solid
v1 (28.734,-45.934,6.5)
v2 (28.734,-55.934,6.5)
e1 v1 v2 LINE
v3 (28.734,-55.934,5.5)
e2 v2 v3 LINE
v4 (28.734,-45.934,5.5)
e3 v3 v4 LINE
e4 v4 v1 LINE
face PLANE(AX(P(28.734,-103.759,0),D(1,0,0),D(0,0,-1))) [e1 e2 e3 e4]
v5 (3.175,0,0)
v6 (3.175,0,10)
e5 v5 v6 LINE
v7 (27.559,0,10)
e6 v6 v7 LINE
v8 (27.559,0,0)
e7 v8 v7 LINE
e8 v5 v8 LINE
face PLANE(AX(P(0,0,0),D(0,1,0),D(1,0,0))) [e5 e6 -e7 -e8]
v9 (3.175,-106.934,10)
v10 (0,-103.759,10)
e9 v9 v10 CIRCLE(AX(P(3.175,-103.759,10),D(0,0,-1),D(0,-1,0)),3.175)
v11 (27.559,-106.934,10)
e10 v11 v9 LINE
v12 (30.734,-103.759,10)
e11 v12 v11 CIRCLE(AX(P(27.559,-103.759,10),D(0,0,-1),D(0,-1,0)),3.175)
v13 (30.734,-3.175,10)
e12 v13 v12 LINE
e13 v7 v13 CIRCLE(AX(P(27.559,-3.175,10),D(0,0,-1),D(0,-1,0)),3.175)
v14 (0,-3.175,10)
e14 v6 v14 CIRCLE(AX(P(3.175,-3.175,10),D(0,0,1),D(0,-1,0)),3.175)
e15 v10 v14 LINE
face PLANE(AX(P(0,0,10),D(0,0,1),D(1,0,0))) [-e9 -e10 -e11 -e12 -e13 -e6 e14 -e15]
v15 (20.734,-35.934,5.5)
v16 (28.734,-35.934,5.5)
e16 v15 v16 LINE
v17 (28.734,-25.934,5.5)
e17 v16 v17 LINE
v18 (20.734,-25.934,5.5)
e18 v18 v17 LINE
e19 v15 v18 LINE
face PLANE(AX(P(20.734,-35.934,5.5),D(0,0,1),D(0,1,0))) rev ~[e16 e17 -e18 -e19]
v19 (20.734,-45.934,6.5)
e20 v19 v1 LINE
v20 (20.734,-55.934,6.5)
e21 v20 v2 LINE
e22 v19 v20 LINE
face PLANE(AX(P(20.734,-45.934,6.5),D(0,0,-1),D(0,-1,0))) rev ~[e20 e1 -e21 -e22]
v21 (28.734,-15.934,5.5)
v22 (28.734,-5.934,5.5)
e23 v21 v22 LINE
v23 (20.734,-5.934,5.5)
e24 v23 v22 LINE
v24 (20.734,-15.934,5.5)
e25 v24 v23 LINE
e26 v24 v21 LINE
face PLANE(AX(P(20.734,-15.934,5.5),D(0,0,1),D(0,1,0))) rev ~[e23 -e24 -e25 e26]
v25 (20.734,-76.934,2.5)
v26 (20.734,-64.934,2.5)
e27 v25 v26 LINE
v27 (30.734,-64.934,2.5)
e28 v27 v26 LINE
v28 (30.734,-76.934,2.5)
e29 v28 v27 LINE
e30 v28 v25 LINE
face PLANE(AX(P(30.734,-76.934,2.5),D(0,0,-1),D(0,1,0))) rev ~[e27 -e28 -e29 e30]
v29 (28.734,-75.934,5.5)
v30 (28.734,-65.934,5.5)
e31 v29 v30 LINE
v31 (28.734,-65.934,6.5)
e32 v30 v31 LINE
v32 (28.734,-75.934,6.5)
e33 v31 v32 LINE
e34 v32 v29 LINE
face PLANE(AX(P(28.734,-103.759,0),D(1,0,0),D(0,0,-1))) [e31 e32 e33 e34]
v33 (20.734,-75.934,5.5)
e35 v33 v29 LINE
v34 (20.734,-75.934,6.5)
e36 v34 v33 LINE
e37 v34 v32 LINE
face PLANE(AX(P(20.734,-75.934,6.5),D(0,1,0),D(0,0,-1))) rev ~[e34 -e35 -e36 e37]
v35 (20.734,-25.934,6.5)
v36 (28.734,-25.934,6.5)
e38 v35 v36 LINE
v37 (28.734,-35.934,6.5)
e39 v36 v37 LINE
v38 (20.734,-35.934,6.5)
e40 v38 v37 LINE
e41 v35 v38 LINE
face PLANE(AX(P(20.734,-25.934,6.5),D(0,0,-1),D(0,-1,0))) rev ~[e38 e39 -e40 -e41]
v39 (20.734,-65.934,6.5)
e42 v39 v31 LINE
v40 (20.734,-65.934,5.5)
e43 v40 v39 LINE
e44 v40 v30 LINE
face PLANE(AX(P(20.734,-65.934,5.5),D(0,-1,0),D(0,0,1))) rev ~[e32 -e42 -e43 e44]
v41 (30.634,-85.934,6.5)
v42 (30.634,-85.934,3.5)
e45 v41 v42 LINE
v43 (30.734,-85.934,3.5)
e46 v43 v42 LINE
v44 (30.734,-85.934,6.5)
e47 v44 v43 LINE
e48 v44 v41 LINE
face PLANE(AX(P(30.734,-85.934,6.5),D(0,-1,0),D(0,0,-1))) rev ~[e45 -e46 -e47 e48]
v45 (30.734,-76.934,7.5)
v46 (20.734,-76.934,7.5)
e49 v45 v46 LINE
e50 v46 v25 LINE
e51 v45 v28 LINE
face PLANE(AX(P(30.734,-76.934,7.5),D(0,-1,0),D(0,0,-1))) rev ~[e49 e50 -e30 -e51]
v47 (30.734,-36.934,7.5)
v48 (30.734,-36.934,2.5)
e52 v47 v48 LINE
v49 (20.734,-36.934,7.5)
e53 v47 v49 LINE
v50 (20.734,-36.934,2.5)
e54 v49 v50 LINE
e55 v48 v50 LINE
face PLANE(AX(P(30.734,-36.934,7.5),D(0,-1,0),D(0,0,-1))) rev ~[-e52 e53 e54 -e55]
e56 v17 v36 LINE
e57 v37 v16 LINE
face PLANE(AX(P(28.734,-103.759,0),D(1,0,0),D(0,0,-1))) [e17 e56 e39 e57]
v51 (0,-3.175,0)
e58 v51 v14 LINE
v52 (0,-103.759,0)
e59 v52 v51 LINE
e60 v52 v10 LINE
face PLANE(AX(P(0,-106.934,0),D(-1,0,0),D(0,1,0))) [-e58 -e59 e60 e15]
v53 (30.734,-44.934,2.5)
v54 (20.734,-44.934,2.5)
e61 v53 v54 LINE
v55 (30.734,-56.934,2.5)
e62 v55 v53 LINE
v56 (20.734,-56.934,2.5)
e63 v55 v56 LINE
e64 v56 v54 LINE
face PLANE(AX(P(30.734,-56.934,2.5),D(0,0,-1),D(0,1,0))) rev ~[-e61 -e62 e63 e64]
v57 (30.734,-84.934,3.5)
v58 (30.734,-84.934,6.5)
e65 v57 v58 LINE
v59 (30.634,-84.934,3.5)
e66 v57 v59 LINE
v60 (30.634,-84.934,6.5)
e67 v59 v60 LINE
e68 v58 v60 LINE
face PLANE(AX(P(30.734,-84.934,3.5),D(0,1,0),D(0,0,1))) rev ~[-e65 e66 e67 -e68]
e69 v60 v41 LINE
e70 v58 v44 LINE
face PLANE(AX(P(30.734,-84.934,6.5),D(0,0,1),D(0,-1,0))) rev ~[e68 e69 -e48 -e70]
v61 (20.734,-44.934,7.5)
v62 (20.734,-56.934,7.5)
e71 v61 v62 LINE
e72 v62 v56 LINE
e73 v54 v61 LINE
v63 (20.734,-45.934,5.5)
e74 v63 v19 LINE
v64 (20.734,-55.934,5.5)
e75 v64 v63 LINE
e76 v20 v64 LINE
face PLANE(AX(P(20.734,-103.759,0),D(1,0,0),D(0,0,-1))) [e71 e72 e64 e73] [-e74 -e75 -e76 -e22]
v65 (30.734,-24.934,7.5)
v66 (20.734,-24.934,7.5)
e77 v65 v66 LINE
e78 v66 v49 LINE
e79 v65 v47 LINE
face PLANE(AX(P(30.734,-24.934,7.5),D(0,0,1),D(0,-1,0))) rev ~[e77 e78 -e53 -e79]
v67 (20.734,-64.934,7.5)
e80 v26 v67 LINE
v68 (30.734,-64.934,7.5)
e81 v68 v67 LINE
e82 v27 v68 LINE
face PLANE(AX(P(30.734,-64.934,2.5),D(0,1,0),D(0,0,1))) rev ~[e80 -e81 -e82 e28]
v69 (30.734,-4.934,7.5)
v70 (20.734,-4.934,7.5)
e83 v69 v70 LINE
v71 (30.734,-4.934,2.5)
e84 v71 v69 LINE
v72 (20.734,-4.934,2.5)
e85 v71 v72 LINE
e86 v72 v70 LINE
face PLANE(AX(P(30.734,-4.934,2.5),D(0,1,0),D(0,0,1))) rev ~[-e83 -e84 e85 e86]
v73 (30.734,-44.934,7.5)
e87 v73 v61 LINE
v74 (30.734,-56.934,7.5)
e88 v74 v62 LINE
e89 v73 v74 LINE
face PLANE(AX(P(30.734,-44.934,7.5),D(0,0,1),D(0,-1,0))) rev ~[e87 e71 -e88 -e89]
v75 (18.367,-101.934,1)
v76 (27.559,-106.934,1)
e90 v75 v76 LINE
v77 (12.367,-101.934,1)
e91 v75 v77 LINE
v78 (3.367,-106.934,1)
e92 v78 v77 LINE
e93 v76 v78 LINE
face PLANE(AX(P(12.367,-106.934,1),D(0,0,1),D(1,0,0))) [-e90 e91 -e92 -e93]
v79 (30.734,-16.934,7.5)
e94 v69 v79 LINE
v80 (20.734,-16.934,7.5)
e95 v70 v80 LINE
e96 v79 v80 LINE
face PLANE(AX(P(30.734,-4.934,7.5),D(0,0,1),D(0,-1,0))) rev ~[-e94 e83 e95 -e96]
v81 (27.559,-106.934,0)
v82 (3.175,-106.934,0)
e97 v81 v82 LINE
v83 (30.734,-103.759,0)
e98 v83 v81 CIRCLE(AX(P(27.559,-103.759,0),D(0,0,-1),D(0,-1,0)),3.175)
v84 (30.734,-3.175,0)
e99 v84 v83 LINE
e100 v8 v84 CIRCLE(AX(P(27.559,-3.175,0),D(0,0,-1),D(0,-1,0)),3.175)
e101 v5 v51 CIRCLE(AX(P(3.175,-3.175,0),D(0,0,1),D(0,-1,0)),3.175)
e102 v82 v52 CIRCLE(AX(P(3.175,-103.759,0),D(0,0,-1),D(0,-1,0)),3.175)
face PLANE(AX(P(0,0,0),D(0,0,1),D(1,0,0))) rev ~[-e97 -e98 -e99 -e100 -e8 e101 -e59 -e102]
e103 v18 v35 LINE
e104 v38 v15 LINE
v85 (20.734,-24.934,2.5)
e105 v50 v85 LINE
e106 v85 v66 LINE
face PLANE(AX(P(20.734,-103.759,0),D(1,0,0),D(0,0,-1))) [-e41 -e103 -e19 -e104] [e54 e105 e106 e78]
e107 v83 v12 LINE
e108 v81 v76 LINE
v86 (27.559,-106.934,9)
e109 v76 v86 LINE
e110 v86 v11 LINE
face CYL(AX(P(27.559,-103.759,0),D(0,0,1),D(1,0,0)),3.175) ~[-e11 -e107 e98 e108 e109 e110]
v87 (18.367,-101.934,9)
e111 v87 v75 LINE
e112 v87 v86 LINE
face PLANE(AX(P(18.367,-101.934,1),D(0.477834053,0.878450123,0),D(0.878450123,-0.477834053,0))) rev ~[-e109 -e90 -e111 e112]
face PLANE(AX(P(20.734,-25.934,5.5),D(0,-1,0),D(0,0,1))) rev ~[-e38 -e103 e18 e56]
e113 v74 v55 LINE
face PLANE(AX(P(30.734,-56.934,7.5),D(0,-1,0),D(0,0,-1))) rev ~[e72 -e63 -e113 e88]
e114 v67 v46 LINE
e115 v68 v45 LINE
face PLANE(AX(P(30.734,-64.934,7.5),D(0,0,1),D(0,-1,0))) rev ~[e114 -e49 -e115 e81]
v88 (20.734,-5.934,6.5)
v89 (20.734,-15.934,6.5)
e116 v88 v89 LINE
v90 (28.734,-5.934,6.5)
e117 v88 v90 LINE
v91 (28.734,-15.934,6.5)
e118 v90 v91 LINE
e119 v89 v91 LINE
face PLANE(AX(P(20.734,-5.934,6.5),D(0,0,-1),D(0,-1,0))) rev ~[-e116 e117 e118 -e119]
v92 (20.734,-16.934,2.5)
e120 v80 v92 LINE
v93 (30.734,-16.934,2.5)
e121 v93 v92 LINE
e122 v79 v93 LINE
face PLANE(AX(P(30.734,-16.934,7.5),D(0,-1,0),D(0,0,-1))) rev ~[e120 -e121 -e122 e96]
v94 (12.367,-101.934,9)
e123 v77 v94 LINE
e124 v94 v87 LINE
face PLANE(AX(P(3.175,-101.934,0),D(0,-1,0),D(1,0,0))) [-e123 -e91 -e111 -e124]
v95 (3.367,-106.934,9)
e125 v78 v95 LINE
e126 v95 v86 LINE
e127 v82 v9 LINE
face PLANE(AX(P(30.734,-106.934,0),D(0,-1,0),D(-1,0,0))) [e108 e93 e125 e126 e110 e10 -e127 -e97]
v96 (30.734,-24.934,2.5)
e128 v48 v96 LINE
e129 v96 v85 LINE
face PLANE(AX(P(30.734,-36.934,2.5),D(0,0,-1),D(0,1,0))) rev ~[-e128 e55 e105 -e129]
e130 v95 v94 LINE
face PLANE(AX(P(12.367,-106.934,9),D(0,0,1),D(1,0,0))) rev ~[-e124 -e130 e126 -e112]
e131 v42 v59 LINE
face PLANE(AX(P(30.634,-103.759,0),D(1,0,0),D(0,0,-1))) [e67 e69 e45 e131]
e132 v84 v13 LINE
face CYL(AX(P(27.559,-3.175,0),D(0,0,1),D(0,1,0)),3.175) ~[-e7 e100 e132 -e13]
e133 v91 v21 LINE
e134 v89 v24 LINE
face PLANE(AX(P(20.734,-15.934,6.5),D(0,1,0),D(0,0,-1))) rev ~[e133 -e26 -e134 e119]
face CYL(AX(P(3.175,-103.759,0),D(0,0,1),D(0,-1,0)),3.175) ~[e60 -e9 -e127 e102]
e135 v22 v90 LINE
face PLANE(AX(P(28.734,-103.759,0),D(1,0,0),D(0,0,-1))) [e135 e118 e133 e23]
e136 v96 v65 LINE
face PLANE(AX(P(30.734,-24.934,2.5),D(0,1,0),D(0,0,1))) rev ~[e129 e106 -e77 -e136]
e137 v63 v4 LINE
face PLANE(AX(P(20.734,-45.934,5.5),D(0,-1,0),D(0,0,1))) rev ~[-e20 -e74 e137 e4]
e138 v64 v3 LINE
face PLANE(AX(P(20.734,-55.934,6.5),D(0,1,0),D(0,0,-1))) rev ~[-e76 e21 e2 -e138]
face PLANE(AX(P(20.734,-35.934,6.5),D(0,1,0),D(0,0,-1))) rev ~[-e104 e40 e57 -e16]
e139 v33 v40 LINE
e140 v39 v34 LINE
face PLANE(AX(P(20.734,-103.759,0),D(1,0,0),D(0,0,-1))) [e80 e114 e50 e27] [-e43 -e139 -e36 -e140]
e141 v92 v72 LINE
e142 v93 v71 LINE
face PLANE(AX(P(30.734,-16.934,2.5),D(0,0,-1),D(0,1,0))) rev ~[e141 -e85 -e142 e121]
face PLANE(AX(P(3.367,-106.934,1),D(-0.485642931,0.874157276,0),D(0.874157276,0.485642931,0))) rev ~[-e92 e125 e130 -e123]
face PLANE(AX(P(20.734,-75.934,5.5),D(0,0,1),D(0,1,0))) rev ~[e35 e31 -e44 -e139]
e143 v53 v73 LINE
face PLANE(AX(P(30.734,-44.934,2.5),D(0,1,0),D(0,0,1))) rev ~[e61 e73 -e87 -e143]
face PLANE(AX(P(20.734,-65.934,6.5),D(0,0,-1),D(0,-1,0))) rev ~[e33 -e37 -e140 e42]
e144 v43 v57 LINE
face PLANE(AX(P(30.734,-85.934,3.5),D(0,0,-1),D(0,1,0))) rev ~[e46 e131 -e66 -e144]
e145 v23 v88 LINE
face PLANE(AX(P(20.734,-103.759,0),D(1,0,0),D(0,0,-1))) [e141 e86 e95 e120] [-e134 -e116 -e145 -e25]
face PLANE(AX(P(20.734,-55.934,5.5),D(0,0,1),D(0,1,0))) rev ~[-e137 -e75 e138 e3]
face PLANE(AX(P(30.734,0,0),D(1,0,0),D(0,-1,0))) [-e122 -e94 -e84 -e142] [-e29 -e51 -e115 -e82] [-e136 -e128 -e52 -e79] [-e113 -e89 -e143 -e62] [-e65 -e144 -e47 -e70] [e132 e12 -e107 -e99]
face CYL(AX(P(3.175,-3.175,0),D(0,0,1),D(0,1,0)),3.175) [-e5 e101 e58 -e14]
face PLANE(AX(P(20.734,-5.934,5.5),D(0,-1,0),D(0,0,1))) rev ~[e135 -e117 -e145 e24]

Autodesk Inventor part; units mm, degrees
ref_plane "YZ Plane" through (0, 0, 0) normal (1, 0, 0) x (0, 1, 0)
ref_plane "XZ Plane" through (0, 0, 0) normal (0, 1, 0) x (-1, 0, 0)
ref_plane "XY Plane" through (0, 0, 0) normal (0, 0, 1) x (1, 0, 0)
sketch "Sketch1" plane through (0, 0, 0) normal (0, 0, 1) x (1, 0, 0)
  line L0 (0, 0) -> (30.734, 0)
  line L1 (30.734, 0) -> (30.734, -106.934)
  line L2 (30.734, -106.934) -> (0, -106.934)
  line L3 (0, -106.934) -> (0, 0)
  dimension "d0" = 30.734
  dimension "d1" = 106.934
extrude "Extrusion1" add sketch "Sketch1" along normal blind 10
fillet "Fillet1" radius 3.175 4 edges at (0, 0, 5) (30.734, 0, 5) (30.734, -106.934, 5) (0, -106.934, 5)
sketch "Sketch2" plane through (30.734, -103.759, 0) normal (1, 0, 0) x (0, 0, -1)
  line L0 (-7.5, 26.825) -> (-2.5, 26.825)
  line L1 (-2.5, 26.825) -> (-2.5, 38.825)
  line L2 (-2.5, 38.825) -> (-7.5, 38.825)
  line L3 (-7.5, 38.825) -> (-7.5, 26.825)
  line L4 (-10, -3.175) -> (0, -3.175) projected
  line L5 (-10, -3.175) -> (-10, 0) projected
  line L6 (-7.5, 46.825) -> (-2.5, 46.825)
  line L7 (-2.5, 46.825) -> (-2.5, 58.825)
  line L8 (-2.5, 58.825) -> (-7.5, 58.825)
  line L9 (-7.5, 58.825) -> (-7.5, 46.825)
  line L10 (-7.5, 66.825) -> (-2.5, 66.825)
  line L11 (-2.5, 66.825) -> (-2.5, 78.825)
  line L12 (-2.5, 78.825) -> (-7.5, 78.825)
  line L13 (-7.5, 78.825) -> (-7.5, 66.825)
  line L14 (-7.5, 86.825) -> (-2.5, 86.825)
  line L15 (-2.5, 86.825) -> (-2.5, 98.825)
  line L16 (-2.5, 98.825) -> (-7.5, 98.825)
  line L17 (-7.5, 98.825) -> (-7.5, 86.825)
  point P0 (0, 103.759)
  point P1 (-5, 26.825)
  point P2 (-5, -3.175)
  point P3 (-5, 46.825)
  point P4 (-5, 66.825)
  point P5 (-5, 86.825)
  dimension "d5" = 30
  dimension "d6" = 12
  dimension "d7" = 5
  dimension "d10" = 20
extrude "Extrusion2" cut sketch "Sketch2" against normal blind 10
sketch "Sketch3" plane through (30.734, -103.759, 0) normal (1, 0, 0) x (0, 0, -1)
  line L0 (-6.5, 17.825) -> (-3.5, 17.825)
  line L1 (-3.5, 17.825) -> (-3.5, 18.825)
  line L2 (-3.5, 18.825) -> (-6.5, 18.825)
  line L3 (-6.5, 18.825) -> (-6.5, 17.825)
  line L4 (-10, -3.175) -> (0, -3.175) projected
  point P0 (0, 103.759)
  point P1 (-5, 17.825)
  point P2 (-5, -3.175)
  dimension "d17" = 21
  dimension "d18" = 1
  dimension "d19" = 3
extrude "Extrusion3" cut sketch "Sketch3" against normal blind 0.1
sketch "Sketch4" plane through (20.734, -103.759, 0) normal (1, 0, 0) x (0, 0, -1)
  line L0 (-6.5, 27.825) -> (-5.5, 27.825)
  line L1 (-5.5, 27.825) -> (-5.5, 37.825)
  line L2 (-5.5, 37.825) -> (-6.5, 37.825)
  line L3 (-6.5, 37.825) -> (-6.5, 27.825)
  line L4 (-7.5, 26.825) -> (-7.5, 38.825) projected
  line L5 (-2.5, 26.825) -> (-7.5, 26.825) projected
  line L6 (-7.5, 38.825) -> (-2.5, 38.825) projected
  line L7 (-6.5, 47.825) -> (-5.5, 47.825)
  line L8 (-5.5, 47.825) -> (-5.5, 57.825)
  line L9 (-5.5, 57.825) -> (-6.5, 57.825)
  line L10 (-6.5, 57.825) -> (-6.5, 47.825)
  line L11 (-6.5, 67.825) -> (-5.5, 67.825)
  line L12 (-5.5, 67.825) -> (-5.5, 77.825)
  line L13 (-5.5, 77.825) -> (-6.5, 77.825)
  line L14 (-6.5, 77.825) -> (-6.5, 67.825)
  line L15 (-6.5, 87.825) -> (-5.5, 87.825)
  line L16 (-5.5, 87.825) -> (-5.5, 97.825)
  line L17 (-5.5, 97.825) -> (-6.5, 97.825)
  line L18 (-6.5, 97.825) -> (-6.5, 87.825)
  point P0 (0, 103.759)
  point P1 (-6.5, 32.825)
  point P2 (-7.5, 32.825)
  point P3 (-6.5, 52.825)
  point P4 (-6.5, 72.825)
  point P5 (-6.5, 92.825)
  dimension "d24" = 1
  dimension "d25" = 1
  dimension "d26" = 1
  dimension "d29" = 20
extrude "Extrusion4" add sketch "Sketch4" along normal blind 8
sketch "Sketch5" plane through (3.175, -106.934, 0) normal (0, -1, 0) x (1, 0, 0)
  line L0 (9.192, 9) -> (15.192, 9)
  line L1 (15.192, 9) -> (15.192, 1)
  line L2 (15.192, 1) -> (9.192, 1)
  line L3 (9.192, 1) -> (9.192, 9)
  line L4 (0, 10) -> (24.384, 10) projected
  line L5 (24.384, 0) -> (0, 0) projected
  point P0 (-3.175, 0)
  point P1 (12.192, 9)
  point P2 (12.192, 10)
  dimension "d36" = 6
  dimension "d37" = 1
  dimension "d38" = 1
extrude "Extrusion5" cut sketch "Sketch5" against normal blind 5
sketch "Sketch6" plane through (12.367, -106.934, 1) normal (0, 0, 1) x (1, 0, 0)
  line L0 (6, 0) -> (0, 0) projected
  line L1 (6, 0) -> (6, 5) projected
  line L2 (6, 5) -> (0, 5) projected
  line L3 (0, 0) -> (0, 5) projected
  line L4 (-9, 0) -> (15, 0)
  line L5 (-9, 0) -> (0, 5)
  line L6 (15.192, 0) -> (-9.192, 0) projected
  line L7 (6, 5) -> (15.192, 0)
  point P0 (-12.367, 106.934)
  point P1 (3, 0)
  dimension "d41" = 24
extrude "Extrusion6" cut sketch "Sketch6" along normal blind 8 contours L1 L7 L6 L4 | L4 L5 L3
properties part number "USB Hub" material "ABS Plastic"
